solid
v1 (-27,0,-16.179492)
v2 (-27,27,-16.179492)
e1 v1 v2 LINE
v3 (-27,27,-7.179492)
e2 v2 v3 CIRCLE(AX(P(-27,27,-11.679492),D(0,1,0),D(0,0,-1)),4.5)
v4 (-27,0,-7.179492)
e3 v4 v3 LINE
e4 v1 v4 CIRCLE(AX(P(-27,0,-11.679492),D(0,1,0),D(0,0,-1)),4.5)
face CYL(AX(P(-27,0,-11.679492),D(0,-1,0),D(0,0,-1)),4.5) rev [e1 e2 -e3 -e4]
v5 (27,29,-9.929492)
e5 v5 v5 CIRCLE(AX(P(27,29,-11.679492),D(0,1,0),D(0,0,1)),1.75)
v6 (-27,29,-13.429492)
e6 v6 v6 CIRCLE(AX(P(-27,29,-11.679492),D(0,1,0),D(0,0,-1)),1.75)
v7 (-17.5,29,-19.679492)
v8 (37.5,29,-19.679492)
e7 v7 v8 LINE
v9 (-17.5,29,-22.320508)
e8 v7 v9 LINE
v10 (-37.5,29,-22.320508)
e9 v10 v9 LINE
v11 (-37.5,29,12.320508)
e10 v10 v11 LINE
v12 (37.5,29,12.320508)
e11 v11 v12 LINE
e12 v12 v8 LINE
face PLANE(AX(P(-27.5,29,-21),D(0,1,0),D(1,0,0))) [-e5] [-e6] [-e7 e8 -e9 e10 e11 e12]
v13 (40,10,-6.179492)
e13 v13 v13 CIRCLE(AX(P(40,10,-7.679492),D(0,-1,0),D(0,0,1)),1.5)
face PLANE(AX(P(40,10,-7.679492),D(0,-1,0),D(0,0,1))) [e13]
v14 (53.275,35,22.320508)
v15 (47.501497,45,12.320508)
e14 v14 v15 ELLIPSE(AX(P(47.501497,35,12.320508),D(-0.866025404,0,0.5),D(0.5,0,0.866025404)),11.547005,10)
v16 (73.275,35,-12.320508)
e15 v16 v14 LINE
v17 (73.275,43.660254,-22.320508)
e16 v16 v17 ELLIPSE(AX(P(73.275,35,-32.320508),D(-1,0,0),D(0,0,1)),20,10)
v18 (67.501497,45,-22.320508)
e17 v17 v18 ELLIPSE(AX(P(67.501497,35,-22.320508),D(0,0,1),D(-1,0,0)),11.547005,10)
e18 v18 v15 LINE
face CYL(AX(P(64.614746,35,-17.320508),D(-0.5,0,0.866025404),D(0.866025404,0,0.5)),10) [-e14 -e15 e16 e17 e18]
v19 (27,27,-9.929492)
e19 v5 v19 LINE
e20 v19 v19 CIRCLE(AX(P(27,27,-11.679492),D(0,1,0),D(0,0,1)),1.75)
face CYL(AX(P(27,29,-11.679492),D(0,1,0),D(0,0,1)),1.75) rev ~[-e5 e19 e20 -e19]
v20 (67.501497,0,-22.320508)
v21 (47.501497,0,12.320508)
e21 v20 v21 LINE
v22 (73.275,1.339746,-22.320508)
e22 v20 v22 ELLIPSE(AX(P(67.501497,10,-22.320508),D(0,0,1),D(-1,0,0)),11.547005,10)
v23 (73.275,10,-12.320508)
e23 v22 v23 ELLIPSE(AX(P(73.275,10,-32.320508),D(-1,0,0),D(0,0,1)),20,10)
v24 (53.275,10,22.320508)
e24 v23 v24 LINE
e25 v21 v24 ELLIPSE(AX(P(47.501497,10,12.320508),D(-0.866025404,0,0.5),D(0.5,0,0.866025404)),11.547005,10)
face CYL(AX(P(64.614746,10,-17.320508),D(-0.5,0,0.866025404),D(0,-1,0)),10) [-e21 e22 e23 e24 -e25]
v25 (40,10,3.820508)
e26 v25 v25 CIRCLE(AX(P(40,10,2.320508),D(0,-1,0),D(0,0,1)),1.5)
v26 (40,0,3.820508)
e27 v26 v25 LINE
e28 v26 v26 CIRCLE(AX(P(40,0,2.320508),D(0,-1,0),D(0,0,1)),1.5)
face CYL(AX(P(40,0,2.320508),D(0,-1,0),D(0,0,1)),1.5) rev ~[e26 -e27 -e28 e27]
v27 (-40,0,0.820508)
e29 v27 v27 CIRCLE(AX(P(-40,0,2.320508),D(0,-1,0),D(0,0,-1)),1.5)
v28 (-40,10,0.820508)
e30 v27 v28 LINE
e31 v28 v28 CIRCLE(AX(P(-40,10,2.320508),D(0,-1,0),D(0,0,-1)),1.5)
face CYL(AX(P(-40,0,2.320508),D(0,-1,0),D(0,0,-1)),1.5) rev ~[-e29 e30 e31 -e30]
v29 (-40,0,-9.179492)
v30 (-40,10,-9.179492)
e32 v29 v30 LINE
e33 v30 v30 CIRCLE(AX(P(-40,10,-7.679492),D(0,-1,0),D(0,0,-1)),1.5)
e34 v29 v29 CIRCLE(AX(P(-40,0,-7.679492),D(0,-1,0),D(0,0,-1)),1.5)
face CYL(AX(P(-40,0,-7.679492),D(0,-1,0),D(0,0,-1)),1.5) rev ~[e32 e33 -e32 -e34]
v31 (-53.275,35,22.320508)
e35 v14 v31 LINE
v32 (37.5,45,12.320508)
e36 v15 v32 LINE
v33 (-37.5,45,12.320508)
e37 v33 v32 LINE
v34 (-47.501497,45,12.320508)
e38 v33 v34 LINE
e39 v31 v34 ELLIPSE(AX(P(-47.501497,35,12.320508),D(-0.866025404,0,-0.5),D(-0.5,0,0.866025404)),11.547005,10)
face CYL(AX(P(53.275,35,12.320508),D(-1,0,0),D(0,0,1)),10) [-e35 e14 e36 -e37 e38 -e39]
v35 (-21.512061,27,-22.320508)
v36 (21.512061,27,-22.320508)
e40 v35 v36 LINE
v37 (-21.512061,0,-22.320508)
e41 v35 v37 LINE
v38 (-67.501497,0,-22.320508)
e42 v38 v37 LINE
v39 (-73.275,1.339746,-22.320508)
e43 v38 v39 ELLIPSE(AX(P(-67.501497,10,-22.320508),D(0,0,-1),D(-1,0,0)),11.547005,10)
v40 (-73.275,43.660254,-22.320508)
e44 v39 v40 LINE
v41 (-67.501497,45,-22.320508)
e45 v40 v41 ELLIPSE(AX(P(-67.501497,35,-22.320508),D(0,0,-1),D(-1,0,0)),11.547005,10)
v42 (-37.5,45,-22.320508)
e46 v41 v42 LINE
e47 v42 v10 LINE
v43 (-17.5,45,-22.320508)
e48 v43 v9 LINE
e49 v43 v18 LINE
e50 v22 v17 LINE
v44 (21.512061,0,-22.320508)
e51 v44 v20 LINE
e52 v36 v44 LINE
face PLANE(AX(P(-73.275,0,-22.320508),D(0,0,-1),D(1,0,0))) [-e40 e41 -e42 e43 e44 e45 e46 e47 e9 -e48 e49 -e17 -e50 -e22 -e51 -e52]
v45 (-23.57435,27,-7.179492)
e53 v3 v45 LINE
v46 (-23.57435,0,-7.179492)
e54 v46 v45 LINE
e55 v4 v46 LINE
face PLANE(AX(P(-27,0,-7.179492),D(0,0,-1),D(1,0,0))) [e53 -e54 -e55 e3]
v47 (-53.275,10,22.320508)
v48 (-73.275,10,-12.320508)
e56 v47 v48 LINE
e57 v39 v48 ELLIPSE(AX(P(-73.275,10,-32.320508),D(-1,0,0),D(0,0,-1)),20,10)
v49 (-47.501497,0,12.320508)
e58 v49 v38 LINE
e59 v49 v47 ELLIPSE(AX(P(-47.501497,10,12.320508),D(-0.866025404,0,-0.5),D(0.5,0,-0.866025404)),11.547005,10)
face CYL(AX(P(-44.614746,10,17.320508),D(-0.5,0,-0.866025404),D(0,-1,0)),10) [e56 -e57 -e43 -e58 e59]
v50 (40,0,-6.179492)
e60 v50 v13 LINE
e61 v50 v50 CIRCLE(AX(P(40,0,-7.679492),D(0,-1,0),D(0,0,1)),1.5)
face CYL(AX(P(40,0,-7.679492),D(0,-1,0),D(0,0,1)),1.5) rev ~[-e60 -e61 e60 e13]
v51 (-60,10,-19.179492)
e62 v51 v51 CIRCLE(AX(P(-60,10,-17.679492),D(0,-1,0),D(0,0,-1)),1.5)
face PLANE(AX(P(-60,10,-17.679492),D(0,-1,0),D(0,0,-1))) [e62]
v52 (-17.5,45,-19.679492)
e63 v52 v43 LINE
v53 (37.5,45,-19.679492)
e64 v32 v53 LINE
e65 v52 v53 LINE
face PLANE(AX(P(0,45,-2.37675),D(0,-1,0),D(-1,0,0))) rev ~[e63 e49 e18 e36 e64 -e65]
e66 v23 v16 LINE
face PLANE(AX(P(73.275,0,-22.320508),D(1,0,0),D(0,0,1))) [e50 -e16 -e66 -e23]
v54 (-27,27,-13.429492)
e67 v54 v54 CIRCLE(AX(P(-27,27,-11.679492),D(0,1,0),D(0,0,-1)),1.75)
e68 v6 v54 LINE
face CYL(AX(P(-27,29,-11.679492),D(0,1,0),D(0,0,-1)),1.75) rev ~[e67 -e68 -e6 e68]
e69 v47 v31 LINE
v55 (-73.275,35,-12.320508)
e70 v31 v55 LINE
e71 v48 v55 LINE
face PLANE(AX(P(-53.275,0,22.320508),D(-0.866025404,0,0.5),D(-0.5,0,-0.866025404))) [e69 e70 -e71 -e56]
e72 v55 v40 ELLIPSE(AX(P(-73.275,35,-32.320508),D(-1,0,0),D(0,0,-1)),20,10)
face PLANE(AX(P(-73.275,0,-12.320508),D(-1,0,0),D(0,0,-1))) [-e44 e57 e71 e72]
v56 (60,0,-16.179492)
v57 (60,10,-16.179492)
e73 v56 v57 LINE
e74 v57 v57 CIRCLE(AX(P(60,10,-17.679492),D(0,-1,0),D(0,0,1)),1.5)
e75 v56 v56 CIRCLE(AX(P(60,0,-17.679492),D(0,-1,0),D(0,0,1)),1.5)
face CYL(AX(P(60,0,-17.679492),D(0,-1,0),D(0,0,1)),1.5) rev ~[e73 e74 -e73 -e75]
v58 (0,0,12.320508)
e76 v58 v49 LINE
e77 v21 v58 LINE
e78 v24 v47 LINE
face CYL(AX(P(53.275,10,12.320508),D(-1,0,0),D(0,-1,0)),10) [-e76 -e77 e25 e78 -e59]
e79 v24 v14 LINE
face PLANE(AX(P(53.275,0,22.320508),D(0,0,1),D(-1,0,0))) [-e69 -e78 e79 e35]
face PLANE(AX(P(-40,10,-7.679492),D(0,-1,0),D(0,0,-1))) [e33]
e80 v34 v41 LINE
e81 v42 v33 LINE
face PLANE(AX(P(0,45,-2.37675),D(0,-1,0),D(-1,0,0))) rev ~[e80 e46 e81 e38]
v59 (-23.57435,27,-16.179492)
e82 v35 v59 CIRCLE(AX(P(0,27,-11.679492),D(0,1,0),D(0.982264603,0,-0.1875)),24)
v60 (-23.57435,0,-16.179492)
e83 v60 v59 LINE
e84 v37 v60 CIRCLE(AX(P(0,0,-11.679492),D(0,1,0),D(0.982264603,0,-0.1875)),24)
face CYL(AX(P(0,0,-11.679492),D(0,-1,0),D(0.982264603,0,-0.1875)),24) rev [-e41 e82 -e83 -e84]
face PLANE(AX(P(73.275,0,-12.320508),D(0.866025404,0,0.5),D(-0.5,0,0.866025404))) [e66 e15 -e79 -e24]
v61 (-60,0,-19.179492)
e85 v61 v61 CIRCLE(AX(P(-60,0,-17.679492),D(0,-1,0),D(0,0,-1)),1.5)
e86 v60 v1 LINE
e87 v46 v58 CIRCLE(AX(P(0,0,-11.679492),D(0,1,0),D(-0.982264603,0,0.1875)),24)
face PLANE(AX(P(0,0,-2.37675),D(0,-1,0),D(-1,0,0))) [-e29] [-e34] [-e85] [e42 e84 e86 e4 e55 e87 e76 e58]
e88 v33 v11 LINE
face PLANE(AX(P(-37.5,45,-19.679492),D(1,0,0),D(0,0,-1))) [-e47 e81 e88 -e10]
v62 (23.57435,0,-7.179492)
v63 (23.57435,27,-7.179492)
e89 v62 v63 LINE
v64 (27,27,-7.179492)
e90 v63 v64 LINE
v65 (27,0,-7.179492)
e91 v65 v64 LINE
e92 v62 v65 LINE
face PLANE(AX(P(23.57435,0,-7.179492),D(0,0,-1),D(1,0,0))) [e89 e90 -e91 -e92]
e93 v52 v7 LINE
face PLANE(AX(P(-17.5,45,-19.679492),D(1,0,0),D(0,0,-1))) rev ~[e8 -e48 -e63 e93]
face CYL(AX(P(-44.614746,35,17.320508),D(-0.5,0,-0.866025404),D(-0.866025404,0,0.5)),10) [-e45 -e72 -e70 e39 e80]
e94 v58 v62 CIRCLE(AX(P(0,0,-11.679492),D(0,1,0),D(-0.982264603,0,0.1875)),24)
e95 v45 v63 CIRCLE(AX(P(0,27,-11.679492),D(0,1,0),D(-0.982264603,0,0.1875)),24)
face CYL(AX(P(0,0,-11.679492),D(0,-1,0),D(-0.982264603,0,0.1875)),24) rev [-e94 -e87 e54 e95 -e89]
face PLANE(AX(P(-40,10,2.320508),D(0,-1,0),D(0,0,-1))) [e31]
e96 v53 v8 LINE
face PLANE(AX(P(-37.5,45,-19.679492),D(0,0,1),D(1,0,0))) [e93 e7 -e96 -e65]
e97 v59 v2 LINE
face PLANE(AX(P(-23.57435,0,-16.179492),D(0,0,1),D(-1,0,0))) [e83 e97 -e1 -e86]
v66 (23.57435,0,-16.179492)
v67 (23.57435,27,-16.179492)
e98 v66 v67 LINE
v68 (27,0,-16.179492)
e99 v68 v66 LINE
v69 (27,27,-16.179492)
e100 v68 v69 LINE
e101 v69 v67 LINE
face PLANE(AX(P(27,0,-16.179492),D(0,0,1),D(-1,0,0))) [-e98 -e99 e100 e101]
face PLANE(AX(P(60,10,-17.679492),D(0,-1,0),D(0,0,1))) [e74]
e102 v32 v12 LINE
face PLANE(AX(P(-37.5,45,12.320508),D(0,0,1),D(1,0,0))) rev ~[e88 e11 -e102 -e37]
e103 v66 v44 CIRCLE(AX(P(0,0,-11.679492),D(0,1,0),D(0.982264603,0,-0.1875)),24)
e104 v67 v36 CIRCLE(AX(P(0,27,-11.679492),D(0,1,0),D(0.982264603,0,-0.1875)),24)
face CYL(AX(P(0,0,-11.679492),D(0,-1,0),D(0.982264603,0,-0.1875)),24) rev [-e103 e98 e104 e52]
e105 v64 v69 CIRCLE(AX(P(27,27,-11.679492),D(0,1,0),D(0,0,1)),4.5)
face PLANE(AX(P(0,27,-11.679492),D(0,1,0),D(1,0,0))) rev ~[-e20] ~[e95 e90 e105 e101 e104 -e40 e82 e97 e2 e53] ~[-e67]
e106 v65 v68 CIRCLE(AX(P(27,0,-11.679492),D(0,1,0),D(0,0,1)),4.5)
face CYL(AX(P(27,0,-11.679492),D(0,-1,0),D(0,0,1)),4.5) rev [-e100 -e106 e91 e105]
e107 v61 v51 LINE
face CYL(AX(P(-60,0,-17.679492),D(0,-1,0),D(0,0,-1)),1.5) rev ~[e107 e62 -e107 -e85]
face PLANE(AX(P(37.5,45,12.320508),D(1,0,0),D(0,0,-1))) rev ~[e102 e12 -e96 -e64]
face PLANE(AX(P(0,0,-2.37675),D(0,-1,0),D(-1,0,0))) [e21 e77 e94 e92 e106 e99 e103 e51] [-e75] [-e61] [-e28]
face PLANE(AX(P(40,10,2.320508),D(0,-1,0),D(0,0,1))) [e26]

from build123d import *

# Parameters (mm, degrees)
BOSS_EXTRUDE2_DEPTH = 45
FILLET2_R           = 10
FILLET3_R           = 10
SKETCH6_R           = 1.5
CUT_EXTRUDE5_DEPTH  = 10
SKETCH7_R           = 1.5
CUT_EXTRUDE6_DEPTH  = 10
CUT_EXTRUDE7_DEPTH  = 27
SKETCH3_W           = 75
SKETCH3_H           = 32
CUT_EXTRUDE8_DEPTH  = 16
SKETCH11_R          = 1.75
CUT_EXTRUDE9_DEPTH  = 20
SKETCH12_W          = 20
SKETCH12_H          = 2.641016152
CUT_EXTRUDE11_DEPTH = 16


with BuildPart() as part:
    # Sketch2 → Boss-Extrude2 (new body)
    with BuildSketch(Plane(origin=(0, 0, 0), x_dir=(1, 0, 0), z_dir=(0, 1, 0))):
        Polygon((-73.275, 22.320508076), (73.275, 22.320508076), (73.275, 12.320508076), (53.275, -22.320508076), (-53.275, -22.320508076), (-73.275, 12.320508076), align=None)
    extrude(amount=BOSS_EXTRUDE2_DEPTH)

    # Fillet2
    fillet2_edges = [part.edges().sort_by_distance(p)[0] for p in [
        (63.275, 45, 5),
        (0, 45, 22.320508076),
        (-63.275, 45, 5),
    ]]
    fillet(fillet2_edges, radius=FILLET2_R)

    # Fillet3
    fillet3_edges = [part.edges().sort_by_distance(p)[0] for p in [
        (-63.275, 0, 5),
        (63.275, 0, 5),
        (0, 0, 22.320508076),
    ]]
    fillet(fillet3_edges, radius=FILLET3_R)

    # Sketch6 → Cut-Extrude5 (cut)
    with BuildSketch(Plane(origin=(0, 0, 0), x_dir=(-1, 0, 0), z_dir=(0, -1, 0))):
        with Locations(Location((40, -2.320508076, 0), (0, 0, 90))):
            Circle(SKETCH6_R)
        with Locations(Location((-40, -2.320508076, 0), (0, 0, 270))):
            Circle(SKETCH6_R)
        with Locations(Location((60, 17.679491924, 0), (0, 0, 90))):
            Circle(SKETCH6_R)
        with Locations(Location((-60, 17.679491924, 0), (0, 0, 270))):
            Circle(SKETCH6_R)
    extrude(amount=-CUT_EXTRUDE5_DEPTH, mode=Mode.SUBTRACT)

    # Sketch7 → Cut-Extrude6 (cut)
    with BuildSketch(Plane(origin=(0, 0, 0), x_dir=(-1, 0, 0), z_dir=(0, -1, 0))):
        with Locations(Location((40, 7.679491924, 0), (0, 0, 90))):
            Circle(SKETCH7_R)
        with Locations(Location((-40, 7.679491924, 0), (0, 0, 270))):
            Circle(SKETCH7_R)
    extrude(amount=-CUT_EXTRUDE6_DEPTH, mode=Mode.SUBTRACT)

    # Sketch9 → Cut-Extrude7 (cut)
    with BuildSketch(Plane(origin=(0, 0, 0), x_dir=(-1, 0, 0), z_dir=(0, -1, 0))):
        with BuildLine():
            Line((27, 7.179491924), (23.574350468, 7.179491924))
            ThreePointArc((23.574350468, 7.179491924), (0, -12.320508076), (-23.574350468, 7.179491924))
            Line((-23.574350468, 7.179491924), (-27, 7.179491924))
            ThreePointArc((-27, 7.179491924), (-31.5, 11.679491924), (-27, 16.179491924))
            Line((-27, 16.179491924), (-23.574350468, 16.179491924))
            ThreePointArc((-23.574350468, 16.179491924), (0, 35.679491924), (23.574350468, 16.179491924))
            Line((23.574350468, 16.179491924), (27, 16.179491924))
            ThreePointArc((27, 16.179491924), (31.5, 11.679491924), (27, 7.179491924))
        make_face()
    extrude(amount=-CUT_EXTRUDE7_DEPTH, mode=Mode.SUBTRACT)

    # Sketch3 → Cut-Extrude8 (cut)
    with BuildSketch(Plane(origin=(0, 45, 0), x_dir=(1, 0, 0), z_dir=(0, 1, 0))):
        with Locations((0, 3.679491924)):
            Rectangle(SKETCH3_W, SKETCH3_H)
    extrude(amount=-CUT_EXTRUDE8_DEPTH, mode=Mode.SUBTRACT)

    # Sketch11 → Cut-Extrude9 (cut)
    with BuildSketch(Plane(origin=(0, 29, 0), x_dir=(1, 0, 0), z_dir=(0, 1, 0))):
        with Locations(Location((27, 11.679491924, 0), (0, 0, 270))):
            Circle(SKETCH11_R)
        with Locations(Location((-27, 11.679491924, 0), (0, 0, 90))):
            Circle(SKETCH11_R)
    extrude(amount=-CUT_EXTRUDE9_DEPTH, mode=Mode.SUBTRACT)

    # Sketch12 → Cut-Extrude11 (cut)
    with BuildSketch(Plane(origin=(0, 45, 0), x_dir=(1, 0, 0), z_dir=(0, 1, 0))):
        with Locations((-27.5, 21)):
            Rectangle(SKETCH12_W, SKETCH12_H)
    extrude(amount=-CUT_EXTRUDE11_DEPTH, mode=Mode.SUBTRACT)


solid = part.part
